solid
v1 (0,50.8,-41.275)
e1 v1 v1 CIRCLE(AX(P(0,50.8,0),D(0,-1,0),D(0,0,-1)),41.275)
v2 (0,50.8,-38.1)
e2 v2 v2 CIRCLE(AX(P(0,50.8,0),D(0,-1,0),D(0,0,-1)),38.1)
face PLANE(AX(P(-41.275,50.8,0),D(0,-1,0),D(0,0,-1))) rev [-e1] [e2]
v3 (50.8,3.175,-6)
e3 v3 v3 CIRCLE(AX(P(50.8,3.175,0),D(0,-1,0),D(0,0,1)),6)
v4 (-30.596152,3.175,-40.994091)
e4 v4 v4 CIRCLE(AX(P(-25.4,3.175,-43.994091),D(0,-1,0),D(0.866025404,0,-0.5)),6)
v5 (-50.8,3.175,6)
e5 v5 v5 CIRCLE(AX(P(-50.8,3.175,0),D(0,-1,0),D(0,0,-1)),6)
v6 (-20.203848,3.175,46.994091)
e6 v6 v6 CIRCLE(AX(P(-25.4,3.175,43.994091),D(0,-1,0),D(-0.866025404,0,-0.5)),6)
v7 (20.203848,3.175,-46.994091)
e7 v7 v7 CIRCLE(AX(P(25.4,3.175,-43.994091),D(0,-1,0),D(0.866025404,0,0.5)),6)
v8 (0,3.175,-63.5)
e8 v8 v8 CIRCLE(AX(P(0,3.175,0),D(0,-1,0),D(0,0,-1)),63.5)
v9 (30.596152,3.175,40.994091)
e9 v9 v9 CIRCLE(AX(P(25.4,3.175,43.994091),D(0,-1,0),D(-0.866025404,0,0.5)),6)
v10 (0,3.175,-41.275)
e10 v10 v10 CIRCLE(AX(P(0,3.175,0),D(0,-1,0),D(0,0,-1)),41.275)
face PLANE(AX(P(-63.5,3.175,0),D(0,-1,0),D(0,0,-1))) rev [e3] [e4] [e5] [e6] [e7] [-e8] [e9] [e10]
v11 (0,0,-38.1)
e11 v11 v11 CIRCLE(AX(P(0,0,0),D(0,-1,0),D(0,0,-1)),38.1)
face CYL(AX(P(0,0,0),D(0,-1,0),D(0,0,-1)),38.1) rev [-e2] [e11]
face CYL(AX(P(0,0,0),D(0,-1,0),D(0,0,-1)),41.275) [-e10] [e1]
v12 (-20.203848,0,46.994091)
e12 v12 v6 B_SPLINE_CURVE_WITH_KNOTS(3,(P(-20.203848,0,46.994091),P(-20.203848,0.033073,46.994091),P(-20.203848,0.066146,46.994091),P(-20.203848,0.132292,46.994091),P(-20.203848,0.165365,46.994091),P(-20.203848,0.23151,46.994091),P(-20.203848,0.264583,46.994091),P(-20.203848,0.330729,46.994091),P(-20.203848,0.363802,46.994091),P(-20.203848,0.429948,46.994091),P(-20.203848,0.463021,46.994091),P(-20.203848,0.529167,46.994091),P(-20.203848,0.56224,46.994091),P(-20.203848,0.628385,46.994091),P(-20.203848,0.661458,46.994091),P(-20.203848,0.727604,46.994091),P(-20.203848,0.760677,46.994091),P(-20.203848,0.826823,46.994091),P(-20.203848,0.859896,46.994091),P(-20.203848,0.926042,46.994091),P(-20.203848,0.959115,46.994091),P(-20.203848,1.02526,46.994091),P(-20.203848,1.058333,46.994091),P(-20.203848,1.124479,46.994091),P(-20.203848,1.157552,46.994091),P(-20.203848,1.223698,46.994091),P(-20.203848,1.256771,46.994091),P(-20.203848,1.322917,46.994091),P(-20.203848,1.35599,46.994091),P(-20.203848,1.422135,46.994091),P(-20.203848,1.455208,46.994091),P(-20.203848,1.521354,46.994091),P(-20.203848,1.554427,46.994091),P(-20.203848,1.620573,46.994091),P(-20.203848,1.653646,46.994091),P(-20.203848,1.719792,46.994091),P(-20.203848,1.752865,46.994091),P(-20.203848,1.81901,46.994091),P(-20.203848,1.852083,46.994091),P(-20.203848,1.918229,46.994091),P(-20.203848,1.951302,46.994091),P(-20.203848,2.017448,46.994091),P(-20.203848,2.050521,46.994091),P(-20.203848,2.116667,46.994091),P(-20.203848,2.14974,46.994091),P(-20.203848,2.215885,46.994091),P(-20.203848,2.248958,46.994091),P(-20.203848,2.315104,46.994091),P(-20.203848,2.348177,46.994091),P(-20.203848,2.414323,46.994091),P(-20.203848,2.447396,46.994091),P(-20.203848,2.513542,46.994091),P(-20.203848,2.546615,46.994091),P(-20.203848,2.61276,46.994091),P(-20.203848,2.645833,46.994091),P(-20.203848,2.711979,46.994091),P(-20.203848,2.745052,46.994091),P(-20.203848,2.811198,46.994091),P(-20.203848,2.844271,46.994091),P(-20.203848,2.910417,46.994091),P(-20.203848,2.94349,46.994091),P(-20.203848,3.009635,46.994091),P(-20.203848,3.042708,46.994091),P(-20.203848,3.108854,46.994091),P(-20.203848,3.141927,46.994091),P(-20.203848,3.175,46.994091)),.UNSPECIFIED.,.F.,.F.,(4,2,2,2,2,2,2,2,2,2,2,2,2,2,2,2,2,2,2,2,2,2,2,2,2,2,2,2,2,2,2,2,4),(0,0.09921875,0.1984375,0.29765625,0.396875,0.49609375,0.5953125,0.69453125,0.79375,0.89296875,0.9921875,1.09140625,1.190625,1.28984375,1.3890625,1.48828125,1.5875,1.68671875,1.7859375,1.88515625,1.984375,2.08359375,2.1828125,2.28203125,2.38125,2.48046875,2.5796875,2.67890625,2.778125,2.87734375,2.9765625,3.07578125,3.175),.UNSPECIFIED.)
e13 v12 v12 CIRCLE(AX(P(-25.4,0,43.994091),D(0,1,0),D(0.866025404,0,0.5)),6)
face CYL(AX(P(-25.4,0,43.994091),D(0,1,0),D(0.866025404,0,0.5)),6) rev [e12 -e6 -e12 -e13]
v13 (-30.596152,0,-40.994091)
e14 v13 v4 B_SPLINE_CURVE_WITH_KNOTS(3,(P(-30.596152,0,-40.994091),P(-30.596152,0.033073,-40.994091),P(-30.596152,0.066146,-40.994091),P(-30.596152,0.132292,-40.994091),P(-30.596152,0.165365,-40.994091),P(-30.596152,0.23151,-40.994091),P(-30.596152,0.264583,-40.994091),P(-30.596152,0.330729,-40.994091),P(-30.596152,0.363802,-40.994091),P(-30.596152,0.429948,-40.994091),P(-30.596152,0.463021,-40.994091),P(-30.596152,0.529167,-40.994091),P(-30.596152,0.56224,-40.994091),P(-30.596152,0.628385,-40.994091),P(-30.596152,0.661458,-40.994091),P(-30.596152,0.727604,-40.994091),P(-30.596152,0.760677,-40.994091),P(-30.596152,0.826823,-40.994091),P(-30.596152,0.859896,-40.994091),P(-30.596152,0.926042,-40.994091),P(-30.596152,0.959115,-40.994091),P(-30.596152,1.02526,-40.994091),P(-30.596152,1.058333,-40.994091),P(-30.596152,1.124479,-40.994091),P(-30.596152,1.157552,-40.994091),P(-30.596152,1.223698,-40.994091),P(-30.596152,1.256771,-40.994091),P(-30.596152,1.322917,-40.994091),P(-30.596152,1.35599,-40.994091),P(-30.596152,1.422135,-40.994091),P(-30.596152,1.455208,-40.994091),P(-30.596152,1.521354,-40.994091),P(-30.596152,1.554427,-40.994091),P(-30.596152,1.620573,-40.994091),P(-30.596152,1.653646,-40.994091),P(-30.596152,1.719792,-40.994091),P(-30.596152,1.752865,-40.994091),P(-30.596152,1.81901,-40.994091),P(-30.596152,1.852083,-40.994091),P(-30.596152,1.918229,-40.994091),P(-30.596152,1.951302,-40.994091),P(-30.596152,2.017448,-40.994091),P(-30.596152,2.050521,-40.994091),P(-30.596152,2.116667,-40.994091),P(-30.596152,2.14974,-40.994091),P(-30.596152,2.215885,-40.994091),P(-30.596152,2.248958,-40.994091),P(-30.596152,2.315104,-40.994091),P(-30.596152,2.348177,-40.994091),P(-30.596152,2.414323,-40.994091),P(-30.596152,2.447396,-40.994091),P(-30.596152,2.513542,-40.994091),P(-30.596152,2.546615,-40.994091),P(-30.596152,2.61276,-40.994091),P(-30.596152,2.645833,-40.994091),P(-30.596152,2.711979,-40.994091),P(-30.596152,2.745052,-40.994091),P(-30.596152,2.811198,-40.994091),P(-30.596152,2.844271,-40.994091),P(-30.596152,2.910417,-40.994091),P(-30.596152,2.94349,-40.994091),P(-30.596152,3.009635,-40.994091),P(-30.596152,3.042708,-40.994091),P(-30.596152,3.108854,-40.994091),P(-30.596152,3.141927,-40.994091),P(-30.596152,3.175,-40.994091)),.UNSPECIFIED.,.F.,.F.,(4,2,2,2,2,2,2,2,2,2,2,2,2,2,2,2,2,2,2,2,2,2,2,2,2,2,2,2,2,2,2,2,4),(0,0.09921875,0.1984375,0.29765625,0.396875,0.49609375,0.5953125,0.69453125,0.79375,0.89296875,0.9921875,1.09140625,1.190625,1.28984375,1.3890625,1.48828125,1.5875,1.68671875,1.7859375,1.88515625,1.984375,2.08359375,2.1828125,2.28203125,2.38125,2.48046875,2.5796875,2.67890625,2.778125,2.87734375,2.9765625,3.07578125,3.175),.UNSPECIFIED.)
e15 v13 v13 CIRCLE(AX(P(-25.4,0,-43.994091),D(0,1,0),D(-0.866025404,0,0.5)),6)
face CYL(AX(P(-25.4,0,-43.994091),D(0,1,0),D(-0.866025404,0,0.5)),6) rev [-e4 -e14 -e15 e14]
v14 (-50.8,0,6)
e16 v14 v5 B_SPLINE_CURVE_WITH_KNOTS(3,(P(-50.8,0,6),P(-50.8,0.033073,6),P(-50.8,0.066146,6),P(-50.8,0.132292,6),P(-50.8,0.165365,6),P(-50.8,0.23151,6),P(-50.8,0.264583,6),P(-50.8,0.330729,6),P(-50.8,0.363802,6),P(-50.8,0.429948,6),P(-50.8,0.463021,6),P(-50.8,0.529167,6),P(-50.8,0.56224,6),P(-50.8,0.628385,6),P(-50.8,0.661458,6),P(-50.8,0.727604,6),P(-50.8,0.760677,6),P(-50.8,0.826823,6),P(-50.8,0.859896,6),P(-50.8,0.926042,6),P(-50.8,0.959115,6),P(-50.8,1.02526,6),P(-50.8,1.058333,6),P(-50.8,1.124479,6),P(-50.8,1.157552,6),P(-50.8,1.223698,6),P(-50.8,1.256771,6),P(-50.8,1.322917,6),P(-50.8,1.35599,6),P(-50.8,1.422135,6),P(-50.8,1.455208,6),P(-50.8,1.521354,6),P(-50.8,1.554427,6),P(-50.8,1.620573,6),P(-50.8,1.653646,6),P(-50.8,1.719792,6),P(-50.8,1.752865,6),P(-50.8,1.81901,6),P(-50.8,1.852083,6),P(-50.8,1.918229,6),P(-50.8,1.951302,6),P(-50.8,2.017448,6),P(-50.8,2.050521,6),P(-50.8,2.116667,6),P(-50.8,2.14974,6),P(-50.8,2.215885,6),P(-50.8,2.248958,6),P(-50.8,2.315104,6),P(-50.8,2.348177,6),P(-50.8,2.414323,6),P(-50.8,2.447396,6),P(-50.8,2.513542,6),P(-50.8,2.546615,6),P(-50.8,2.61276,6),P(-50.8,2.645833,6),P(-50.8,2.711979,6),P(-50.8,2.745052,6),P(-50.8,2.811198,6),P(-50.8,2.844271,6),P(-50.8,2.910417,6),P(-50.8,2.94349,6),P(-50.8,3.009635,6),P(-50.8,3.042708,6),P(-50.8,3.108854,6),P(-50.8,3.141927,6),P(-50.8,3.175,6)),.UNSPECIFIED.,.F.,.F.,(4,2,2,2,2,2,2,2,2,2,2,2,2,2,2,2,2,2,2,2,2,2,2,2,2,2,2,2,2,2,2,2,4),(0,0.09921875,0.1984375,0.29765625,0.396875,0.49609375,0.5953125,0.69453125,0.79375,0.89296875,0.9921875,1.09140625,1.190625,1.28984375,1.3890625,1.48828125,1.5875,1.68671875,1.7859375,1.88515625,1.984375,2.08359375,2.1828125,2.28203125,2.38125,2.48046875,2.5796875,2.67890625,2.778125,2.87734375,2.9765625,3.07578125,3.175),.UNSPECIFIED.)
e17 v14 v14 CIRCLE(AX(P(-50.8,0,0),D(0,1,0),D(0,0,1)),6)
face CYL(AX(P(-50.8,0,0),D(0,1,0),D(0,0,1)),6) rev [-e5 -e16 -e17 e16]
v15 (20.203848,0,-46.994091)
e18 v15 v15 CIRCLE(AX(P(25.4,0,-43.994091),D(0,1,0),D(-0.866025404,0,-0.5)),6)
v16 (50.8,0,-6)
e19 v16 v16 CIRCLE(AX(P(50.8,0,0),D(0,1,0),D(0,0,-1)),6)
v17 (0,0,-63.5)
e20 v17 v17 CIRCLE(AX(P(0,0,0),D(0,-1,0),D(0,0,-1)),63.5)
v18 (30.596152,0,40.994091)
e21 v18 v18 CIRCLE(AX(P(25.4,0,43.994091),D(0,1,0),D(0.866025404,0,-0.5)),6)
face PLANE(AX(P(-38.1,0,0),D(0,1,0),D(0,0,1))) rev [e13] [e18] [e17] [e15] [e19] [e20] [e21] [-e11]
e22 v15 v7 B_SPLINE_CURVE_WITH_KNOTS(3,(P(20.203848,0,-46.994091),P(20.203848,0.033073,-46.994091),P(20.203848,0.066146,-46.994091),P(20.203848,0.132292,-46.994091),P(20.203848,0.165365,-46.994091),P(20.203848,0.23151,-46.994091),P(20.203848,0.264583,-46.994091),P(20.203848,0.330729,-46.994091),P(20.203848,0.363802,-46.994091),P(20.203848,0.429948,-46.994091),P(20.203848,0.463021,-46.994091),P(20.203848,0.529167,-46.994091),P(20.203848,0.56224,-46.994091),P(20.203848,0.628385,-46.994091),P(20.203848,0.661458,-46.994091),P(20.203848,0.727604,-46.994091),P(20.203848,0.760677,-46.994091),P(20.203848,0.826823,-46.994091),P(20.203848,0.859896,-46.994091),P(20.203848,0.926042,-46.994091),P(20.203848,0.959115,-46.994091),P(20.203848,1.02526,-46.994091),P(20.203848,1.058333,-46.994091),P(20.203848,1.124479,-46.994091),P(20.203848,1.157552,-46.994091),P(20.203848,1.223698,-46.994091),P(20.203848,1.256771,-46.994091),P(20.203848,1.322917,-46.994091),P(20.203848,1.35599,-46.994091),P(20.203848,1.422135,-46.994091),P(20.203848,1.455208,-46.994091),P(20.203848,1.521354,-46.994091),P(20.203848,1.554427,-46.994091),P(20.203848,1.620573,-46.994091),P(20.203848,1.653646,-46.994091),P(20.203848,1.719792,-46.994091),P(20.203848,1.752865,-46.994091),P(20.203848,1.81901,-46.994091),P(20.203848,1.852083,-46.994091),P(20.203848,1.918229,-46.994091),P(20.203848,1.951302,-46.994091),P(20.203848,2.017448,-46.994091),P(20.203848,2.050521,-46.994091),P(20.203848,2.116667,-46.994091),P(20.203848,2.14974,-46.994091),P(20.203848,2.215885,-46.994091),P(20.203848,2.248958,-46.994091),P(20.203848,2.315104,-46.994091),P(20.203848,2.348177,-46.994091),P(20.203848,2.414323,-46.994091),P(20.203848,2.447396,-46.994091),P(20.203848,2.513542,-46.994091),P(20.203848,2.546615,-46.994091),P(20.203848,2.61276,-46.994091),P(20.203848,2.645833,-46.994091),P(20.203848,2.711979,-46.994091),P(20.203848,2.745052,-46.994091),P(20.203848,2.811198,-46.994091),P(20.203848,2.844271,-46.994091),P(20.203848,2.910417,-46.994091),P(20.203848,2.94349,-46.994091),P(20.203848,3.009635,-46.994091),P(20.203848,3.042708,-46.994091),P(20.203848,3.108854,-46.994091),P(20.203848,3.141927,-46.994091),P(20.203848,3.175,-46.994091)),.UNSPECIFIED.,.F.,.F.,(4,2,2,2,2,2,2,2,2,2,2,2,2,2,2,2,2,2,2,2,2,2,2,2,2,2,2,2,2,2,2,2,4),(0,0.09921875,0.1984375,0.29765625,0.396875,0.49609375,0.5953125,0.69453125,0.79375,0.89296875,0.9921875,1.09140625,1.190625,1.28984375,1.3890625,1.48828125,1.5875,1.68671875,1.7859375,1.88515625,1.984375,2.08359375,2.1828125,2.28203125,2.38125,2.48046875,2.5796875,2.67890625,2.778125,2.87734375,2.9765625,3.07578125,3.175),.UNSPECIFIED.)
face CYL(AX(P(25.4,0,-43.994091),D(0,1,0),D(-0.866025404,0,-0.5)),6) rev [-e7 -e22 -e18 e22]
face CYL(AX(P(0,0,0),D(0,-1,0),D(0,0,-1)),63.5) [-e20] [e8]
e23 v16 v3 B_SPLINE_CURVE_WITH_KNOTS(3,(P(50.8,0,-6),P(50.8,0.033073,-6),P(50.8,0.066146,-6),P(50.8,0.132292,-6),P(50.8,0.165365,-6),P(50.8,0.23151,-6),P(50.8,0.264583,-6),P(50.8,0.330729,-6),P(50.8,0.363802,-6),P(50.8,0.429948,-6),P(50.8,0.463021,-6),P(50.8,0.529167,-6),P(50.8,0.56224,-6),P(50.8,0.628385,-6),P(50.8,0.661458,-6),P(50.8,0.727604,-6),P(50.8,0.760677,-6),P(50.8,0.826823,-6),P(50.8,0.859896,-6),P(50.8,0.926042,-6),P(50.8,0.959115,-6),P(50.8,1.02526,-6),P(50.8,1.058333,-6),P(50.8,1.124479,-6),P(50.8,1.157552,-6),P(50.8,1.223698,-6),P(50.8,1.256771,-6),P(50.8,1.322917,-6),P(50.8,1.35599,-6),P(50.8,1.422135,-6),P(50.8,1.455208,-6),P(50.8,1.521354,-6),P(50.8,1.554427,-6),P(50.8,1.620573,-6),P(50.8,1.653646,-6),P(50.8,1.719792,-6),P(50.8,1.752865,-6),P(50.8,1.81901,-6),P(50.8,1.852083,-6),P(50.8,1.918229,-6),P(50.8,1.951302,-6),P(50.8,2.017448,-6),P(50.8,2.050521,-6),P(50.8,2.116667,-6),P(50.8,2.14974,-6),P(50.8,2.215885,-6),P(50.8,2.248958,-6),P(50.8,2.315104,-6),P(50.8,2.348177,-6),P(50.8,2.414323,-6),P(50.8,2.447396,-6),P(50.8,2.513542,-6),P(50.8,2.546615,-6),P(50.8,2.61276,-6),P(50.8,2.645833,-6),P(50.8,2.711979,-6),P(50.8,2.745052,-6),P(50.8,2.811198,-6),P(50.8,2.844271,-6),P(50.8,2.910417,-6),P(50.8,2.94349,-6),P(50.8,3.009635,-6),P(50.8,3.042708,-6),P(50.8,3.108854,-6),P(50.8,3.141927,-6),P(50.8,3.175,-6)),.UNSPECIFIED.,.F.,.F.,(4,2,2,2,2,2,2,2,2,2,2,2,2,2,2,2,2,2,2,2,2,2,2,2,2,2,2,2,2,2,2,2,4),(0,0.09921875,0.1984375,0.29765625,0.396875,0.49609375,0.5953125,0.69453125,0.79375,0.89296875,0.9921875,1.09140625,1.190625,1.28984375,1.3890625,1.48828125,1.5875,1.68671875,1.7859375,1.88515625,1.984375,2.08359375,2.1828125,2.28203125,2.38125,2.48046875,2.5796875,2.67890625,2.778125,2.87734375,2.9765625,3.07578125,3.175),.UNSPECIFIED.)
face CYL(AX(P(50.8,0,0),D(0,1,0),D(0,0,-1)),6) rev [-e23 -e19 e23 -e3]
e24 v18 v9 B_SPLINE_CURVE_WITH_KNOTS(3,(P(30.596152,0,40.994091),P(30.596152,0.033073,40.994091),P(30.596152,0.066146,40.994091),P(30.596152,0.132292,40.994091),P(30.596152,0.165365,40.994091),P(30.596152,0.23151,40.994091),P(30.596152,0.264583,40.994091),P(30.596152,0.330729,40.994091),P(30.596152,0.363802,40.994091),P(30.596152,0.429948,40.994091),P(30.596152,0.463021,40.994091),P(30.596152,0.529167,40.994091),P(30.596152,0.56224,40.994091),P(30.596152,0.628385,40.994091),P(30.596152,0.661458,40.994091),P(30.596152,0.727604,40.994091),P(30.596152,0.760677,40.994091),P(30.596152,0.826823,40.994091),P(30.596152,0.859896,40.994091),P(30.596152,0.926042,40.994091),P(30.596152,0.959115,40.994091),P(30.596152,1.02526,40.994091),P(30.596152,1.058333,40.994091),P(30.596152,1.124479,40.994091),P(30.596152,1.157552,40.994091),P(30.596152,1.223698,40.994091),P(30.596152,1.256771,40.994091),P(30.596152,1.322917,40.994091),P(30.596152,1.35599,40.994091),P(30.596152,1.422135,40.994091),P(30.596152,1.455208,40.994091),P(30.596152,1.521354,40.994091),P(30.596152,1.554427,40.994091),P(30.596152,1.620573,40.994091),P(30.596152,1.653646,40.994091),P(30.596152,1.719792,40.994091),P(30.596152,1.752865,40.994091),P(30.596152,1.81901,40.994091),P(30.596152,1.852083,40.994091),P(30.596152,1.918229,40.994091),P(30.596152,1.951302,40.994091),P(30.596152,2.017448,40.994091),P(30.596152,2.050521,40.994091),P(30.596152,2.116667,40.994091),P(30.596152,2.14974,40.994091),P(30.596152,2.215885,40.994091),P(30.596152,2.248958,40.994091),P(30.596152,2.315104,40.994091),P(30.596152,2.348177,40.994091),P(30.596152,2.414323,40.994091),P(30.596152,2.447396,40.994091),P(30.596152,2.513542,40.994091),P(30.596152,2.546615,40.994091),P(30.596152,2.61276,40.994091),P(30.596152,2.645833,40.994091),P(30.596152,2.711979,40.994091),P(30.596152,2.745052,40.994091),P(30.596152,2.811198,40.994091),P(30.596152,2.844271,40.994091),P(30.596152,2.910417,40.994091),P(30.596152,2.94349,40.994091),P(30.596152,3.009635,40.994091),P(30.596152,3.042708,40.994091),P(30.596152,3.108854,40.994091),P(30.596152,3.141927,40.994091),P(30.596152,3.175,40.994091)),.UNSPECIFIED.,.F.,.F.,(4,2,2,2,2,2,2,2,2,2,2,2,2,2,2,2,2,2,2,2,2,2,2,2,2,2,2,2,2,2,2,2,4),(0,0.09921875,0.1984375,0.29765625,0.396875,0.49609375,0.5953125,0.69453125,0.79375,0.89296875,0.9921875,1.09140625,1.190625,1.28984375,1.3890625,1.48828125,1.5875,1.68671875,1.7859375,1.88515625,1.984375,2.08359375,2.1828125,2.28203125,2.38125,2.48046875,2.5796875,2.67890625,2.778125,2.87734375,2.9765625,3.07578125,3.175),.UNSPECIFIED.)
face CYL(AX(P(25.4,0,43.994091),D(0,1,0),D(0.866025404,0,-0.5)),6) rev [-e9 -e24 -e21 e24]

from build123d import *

# Parameters (mm, degrees)
SKETCH3_R          = 6
CUT_EXTRUDE1_DEPTH = 102.649597269
CIRPATTERN1_COUNT  = 6


with BuildPart() as part:
    # Sketch1 → Revolve1 (revolve)
    with BuildSketch(Plane.XY, mode=Mode.PRIVATE) as revolve1_sk:
        Polygon((-63.5, 0), (-63.5, 3.175), (-41.275, 3.175), (-41.275, 50.8), (-38.1, 50.8), (-38.1, 0), align=None)
    revolve(revolve1_sk.sketch.rotate(Axis((0, 0, 0), (0, 1, 0)), 270), axis=Axis((0, 0, 0), (0, 1, 0)))

    # Sketch3 → Cut-Extrude1 (cut, symmetric)
    with BuildSketch(Plane(origin=(0, 3.175, 0), x_dir=(1, 0, 0), z_dir=(0, 1, 0))):
        with Locations(Location((-50.8, 0, 0), (0, 0, 270))):
            Circle(SKETCH3_R)
    cut_extrude1 = extrude(amount=CUT_EXTRUDE1_DEPTH, both=True, mode=Mode.SUBTRACT)

    # CirPattern1: Cut-Extrude1 ×6 about axis
    cirpattern1_axis = Axis((0, 0, 0), (0, 1, 0))
    for i in range(1, CIRPATTERN1_COUNT):
        add(cut_extrude1.rotate(cirpattern1_axis, i * 360 / CIRPATTERN1_COUNT), mode=Mode.SUBTRACT)


solid = part.part
